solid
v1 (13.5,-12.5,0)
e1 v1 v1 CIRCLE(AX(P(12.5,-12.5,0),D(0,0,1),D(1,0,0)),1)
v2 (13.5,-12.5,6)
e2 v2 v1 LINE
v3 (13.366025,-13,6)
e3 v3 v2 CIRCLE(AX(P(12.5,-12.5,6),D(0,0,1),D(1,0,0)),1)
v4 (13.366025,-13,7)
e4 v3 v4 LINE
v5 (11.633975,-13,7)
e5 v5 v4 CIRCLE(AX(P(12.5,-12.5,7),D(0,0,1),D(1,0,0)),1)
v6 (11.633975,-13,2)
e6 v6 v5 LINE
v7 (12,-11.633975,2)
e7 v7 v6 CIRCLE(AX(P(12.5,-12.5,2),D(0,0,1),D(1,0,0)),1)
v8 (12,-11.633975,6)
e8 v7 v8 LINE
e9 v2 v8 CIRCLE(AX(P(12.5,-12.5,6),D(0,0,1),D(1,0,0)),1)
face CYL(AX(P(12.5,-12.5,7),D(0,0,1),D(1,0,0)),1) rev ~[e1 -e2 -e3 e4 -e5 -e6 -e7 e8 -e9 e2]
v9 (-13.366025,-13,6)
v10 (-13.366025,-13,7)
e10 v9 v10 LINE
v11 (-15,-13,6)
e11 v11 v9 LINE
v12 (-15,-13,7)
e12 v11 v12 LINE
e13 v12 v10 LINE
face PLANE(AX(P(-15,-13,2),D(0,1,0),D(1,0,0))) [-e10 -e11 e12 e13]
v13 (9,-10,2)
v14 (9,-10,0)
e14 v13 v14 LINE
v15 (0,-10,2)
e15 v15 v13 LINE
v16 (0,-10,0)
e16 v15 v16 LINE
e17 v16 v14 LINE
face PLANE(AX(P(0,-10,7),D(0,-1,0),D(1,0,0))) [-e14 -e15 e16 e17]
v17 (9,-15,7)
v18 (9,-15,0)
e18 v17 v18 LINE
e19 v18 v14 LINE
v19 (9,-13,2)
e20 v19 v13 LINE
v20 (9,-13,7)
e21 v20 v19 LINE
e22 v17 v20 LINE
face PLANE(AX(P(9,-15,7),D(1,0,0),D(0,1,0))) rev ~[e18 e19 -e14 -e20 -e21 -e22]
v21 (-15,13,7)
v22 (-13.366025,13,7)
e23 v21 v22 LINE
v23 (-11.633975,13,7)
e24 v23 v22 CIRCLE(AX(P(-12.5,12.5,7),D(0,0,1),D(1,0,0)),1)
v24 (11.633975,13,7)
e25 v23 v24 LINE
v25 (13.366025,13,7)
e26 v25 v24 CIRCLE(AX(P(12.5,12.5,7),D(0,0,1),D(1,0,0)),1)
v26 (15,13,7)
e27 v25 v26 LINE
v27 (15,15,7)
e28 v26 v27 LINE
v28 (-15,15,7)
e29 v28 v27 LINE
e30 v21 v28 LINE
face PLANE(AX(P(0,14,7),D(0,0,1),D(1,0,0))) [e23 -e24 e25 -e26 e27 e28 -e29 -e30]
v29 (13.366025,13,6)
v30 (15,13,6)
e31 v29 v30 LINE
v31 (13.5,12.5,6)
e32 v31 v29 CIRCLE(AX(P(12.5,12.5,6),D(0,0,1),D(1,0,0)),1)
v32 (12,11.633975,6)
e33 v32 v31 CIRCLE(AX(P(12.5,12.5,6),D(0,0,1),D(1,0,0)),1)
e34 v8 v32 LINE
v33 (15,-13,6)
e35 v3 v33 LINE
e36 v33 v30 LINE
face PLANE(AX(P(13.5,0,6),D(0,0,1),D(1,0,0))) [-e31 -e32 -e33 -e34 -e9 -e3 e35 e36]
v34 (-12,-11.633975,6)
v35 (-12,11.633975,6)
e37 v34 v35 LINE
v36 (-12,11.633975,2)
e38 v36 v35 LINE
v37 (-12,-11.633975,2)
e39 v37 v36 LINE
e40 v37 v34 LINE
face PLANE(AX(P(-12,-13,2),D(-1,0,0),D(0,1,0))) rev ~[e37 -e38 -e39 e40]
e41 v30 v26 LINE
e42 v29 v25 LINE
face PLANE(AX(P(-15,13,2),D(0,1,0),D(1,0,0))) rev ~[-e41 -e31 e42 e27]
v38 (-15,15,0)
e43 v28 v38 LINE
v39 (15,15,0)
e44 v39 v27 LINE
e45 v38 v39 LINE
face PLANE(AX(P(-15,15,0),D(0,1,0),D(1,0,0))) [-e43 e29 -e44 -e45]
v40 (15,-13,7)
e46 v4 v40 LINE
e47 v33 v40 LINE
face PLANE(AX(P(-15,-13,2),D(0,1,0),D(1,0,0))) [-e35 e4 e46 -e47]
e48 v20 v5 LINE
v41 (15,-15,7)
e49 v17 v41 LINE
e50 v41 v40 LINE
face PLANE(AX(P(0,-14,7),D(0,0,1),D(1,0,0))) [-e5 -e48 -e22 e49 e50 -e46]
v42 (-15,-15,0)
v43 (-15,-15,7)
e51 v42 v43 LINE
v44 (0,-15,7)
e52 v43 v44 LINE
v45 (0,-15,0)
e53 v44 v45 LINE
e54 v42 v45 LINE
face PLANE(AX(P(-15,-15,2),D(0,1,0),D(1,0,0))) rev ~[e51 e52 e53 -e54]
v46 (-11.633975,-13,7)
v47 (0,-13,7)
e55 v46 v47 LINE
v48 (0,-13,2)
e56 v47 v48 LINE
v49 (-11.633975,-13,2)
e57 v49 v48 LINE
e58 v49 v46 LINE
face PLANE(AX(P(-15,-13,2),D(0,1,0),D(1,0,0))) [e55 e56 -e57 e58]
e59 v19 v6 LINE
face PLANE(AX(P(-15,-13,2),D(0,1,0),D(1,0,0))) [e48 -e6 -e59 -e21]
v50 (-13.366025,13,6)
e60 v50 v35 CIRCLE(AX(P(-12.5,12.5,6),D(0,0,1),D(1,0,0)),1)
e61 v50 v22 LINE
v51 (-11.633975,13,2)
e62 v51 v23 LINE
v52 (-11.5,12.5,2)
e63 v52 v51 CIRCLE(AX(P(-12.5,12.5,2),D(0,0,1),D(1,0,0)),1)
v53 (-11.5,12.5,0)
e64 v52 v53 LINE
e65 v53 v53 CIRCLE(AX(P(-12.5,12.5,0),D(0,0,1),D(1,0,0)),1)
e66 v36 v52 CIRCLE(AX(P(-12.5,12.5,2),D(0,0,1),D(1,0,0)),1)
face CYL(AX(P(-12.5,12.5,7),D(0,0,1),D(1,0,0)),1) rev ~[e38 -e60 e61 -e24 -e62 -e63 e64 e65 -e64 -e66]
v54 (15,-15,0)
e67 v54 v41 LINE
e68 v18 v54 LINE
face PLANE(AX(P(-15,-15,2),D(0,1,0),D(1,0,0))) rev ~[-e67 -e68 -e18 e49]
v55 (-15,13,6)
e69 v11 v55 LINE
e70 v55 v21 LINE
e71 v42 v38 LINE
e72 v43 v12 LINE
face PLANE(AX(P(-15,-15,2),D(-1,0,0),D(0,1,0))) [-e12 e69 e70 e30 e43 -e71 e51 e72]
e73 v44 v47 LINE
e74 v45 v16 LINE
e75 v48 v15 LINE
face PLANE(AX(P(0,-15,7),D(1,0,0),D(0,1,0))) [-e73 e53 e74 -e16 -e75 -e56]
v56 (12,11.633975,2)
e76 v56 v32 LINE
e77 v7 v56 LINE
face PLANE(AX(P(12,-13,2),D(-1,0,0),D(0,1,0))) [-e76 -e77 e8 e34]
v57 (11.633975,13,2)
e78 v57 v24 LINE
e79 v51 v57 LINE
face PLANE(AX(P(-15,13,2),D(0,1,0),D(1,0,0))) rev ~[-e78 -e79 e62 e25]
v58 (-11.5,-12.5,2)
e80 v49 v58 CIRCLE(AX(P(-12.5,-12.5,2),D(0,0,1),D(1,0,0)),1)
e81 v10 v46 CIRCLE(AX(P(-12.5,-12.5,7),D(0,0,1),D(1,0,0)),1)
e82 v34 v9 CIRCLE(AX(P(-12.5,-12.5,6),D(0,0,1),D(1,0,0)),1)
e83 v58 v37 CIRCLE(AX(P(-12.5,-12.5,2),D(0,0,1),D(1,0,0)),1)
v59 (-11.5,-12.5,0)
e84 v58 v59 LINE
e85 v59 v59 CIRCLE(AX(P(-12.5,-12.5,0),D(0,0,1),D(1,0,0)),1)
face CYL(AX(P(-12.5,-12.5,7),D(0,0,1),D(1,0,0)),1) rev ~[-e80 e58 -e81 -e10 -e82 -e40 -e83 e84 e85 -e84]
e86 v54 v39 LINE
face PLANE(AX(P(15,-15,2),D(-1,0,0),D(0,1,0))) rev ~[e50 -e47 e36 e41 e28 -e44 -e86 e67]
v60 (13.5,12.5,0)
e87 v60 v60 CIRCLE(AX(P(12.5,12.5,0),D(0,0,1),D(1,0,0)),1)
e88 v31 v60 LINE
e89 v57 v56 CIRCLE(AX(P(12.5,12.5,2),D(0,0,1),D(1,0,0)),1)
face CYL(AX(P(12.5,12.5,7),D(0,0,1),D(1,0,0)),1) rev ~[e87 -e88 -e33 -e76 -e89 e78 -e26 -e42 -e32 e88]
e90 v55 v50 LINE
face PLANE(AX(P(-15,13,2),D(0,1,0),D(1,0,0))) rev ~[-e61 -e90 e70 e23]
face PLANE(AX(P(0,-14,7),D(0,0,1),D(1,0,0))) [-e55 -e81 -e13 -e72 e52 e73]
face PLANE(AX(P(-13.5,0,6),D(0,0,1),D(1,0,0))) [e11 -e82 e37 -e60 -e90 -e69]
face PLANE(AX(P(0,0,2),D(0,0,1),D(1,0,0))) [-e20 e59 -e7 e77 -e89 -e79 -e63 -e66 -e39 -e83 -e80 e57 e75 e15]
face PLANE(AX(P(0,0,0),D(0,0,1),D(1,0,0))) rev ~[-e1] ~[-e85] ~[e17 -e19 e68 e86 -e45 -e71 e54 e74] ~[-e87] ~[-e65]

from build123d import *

# Parameters (mm, degrees)
SKETCH_W     = 30
SKETCH_H     = 30
PAD_DEPTH    = 2
SKETCH001_W  = 3
SKETCH001_H  = 26
PAD001_DEPTH = 4
SKETCH002_W  = 30
SKETCH002_H  = 2
PAD002_DEPTH = 5
SKETCH003_R  = 1
SKETCH003_W  = 9
SKETCH003_H  = 5
POCKET_DEPTH = 10


with BuildPart() as part:
    # Sketch → Pad (new body)
    with BuildSketch(Plane.XY):
        Rectangle(SKETCH_W, SKETCH_H)
    extrude(amount=PAD_DEPTH)

    # Sketch001 (on Face6 of Pad) → Pad001 (join)
    with BuildSketch(Plane.XY.offset(2)):
        with Locations((-13.5, 0)):
            Rectangle(SKETCH001_W, SKETCH001_H)
        with Locations((13.5, 0)):
            Rectangle(SKETCH001_W, SKETCH001_H)
    extrude(amount=PAD001_DEPTH)

    # Sketch002 (on Face5 of Pad001) → Pad002 (join)
    with BuildSketch(Plane.XY.offset(2)):
        with Locations((0, -14)):
            Rectangle(SKETCH002_W, SKETCH002_H)
        with Locations((0, 14)):
            Rectangle(SKETCH002_W, SKETCH002_H)
    extrude(amount=PAD002_DEPTH)

    # Sketch003 (on Face16 of Pad002) → Pocket (cut)
    with BuildSketch(Plane.XY.offset(7)):
        with Locations((-12.5, 12.5)):
            Circle(SKETCH003_R)
        with Locations((-12.5, -12.5)):
            Circle(SKETCH003_R)
        with Locations((12.5, -12.5)):
            Circle(SKETCH003_R)
        with Locations((12.5, 12.5)):
            Circle(SKETCH003_R)
        with Locations((4.5, -12.5)):
            Rectangle(SKETCH003_W, SKETCH003_H)
    extrude(amount=-POCKET_DEPTH, mode=Mode.SUBTRACT)


solid = part.part
